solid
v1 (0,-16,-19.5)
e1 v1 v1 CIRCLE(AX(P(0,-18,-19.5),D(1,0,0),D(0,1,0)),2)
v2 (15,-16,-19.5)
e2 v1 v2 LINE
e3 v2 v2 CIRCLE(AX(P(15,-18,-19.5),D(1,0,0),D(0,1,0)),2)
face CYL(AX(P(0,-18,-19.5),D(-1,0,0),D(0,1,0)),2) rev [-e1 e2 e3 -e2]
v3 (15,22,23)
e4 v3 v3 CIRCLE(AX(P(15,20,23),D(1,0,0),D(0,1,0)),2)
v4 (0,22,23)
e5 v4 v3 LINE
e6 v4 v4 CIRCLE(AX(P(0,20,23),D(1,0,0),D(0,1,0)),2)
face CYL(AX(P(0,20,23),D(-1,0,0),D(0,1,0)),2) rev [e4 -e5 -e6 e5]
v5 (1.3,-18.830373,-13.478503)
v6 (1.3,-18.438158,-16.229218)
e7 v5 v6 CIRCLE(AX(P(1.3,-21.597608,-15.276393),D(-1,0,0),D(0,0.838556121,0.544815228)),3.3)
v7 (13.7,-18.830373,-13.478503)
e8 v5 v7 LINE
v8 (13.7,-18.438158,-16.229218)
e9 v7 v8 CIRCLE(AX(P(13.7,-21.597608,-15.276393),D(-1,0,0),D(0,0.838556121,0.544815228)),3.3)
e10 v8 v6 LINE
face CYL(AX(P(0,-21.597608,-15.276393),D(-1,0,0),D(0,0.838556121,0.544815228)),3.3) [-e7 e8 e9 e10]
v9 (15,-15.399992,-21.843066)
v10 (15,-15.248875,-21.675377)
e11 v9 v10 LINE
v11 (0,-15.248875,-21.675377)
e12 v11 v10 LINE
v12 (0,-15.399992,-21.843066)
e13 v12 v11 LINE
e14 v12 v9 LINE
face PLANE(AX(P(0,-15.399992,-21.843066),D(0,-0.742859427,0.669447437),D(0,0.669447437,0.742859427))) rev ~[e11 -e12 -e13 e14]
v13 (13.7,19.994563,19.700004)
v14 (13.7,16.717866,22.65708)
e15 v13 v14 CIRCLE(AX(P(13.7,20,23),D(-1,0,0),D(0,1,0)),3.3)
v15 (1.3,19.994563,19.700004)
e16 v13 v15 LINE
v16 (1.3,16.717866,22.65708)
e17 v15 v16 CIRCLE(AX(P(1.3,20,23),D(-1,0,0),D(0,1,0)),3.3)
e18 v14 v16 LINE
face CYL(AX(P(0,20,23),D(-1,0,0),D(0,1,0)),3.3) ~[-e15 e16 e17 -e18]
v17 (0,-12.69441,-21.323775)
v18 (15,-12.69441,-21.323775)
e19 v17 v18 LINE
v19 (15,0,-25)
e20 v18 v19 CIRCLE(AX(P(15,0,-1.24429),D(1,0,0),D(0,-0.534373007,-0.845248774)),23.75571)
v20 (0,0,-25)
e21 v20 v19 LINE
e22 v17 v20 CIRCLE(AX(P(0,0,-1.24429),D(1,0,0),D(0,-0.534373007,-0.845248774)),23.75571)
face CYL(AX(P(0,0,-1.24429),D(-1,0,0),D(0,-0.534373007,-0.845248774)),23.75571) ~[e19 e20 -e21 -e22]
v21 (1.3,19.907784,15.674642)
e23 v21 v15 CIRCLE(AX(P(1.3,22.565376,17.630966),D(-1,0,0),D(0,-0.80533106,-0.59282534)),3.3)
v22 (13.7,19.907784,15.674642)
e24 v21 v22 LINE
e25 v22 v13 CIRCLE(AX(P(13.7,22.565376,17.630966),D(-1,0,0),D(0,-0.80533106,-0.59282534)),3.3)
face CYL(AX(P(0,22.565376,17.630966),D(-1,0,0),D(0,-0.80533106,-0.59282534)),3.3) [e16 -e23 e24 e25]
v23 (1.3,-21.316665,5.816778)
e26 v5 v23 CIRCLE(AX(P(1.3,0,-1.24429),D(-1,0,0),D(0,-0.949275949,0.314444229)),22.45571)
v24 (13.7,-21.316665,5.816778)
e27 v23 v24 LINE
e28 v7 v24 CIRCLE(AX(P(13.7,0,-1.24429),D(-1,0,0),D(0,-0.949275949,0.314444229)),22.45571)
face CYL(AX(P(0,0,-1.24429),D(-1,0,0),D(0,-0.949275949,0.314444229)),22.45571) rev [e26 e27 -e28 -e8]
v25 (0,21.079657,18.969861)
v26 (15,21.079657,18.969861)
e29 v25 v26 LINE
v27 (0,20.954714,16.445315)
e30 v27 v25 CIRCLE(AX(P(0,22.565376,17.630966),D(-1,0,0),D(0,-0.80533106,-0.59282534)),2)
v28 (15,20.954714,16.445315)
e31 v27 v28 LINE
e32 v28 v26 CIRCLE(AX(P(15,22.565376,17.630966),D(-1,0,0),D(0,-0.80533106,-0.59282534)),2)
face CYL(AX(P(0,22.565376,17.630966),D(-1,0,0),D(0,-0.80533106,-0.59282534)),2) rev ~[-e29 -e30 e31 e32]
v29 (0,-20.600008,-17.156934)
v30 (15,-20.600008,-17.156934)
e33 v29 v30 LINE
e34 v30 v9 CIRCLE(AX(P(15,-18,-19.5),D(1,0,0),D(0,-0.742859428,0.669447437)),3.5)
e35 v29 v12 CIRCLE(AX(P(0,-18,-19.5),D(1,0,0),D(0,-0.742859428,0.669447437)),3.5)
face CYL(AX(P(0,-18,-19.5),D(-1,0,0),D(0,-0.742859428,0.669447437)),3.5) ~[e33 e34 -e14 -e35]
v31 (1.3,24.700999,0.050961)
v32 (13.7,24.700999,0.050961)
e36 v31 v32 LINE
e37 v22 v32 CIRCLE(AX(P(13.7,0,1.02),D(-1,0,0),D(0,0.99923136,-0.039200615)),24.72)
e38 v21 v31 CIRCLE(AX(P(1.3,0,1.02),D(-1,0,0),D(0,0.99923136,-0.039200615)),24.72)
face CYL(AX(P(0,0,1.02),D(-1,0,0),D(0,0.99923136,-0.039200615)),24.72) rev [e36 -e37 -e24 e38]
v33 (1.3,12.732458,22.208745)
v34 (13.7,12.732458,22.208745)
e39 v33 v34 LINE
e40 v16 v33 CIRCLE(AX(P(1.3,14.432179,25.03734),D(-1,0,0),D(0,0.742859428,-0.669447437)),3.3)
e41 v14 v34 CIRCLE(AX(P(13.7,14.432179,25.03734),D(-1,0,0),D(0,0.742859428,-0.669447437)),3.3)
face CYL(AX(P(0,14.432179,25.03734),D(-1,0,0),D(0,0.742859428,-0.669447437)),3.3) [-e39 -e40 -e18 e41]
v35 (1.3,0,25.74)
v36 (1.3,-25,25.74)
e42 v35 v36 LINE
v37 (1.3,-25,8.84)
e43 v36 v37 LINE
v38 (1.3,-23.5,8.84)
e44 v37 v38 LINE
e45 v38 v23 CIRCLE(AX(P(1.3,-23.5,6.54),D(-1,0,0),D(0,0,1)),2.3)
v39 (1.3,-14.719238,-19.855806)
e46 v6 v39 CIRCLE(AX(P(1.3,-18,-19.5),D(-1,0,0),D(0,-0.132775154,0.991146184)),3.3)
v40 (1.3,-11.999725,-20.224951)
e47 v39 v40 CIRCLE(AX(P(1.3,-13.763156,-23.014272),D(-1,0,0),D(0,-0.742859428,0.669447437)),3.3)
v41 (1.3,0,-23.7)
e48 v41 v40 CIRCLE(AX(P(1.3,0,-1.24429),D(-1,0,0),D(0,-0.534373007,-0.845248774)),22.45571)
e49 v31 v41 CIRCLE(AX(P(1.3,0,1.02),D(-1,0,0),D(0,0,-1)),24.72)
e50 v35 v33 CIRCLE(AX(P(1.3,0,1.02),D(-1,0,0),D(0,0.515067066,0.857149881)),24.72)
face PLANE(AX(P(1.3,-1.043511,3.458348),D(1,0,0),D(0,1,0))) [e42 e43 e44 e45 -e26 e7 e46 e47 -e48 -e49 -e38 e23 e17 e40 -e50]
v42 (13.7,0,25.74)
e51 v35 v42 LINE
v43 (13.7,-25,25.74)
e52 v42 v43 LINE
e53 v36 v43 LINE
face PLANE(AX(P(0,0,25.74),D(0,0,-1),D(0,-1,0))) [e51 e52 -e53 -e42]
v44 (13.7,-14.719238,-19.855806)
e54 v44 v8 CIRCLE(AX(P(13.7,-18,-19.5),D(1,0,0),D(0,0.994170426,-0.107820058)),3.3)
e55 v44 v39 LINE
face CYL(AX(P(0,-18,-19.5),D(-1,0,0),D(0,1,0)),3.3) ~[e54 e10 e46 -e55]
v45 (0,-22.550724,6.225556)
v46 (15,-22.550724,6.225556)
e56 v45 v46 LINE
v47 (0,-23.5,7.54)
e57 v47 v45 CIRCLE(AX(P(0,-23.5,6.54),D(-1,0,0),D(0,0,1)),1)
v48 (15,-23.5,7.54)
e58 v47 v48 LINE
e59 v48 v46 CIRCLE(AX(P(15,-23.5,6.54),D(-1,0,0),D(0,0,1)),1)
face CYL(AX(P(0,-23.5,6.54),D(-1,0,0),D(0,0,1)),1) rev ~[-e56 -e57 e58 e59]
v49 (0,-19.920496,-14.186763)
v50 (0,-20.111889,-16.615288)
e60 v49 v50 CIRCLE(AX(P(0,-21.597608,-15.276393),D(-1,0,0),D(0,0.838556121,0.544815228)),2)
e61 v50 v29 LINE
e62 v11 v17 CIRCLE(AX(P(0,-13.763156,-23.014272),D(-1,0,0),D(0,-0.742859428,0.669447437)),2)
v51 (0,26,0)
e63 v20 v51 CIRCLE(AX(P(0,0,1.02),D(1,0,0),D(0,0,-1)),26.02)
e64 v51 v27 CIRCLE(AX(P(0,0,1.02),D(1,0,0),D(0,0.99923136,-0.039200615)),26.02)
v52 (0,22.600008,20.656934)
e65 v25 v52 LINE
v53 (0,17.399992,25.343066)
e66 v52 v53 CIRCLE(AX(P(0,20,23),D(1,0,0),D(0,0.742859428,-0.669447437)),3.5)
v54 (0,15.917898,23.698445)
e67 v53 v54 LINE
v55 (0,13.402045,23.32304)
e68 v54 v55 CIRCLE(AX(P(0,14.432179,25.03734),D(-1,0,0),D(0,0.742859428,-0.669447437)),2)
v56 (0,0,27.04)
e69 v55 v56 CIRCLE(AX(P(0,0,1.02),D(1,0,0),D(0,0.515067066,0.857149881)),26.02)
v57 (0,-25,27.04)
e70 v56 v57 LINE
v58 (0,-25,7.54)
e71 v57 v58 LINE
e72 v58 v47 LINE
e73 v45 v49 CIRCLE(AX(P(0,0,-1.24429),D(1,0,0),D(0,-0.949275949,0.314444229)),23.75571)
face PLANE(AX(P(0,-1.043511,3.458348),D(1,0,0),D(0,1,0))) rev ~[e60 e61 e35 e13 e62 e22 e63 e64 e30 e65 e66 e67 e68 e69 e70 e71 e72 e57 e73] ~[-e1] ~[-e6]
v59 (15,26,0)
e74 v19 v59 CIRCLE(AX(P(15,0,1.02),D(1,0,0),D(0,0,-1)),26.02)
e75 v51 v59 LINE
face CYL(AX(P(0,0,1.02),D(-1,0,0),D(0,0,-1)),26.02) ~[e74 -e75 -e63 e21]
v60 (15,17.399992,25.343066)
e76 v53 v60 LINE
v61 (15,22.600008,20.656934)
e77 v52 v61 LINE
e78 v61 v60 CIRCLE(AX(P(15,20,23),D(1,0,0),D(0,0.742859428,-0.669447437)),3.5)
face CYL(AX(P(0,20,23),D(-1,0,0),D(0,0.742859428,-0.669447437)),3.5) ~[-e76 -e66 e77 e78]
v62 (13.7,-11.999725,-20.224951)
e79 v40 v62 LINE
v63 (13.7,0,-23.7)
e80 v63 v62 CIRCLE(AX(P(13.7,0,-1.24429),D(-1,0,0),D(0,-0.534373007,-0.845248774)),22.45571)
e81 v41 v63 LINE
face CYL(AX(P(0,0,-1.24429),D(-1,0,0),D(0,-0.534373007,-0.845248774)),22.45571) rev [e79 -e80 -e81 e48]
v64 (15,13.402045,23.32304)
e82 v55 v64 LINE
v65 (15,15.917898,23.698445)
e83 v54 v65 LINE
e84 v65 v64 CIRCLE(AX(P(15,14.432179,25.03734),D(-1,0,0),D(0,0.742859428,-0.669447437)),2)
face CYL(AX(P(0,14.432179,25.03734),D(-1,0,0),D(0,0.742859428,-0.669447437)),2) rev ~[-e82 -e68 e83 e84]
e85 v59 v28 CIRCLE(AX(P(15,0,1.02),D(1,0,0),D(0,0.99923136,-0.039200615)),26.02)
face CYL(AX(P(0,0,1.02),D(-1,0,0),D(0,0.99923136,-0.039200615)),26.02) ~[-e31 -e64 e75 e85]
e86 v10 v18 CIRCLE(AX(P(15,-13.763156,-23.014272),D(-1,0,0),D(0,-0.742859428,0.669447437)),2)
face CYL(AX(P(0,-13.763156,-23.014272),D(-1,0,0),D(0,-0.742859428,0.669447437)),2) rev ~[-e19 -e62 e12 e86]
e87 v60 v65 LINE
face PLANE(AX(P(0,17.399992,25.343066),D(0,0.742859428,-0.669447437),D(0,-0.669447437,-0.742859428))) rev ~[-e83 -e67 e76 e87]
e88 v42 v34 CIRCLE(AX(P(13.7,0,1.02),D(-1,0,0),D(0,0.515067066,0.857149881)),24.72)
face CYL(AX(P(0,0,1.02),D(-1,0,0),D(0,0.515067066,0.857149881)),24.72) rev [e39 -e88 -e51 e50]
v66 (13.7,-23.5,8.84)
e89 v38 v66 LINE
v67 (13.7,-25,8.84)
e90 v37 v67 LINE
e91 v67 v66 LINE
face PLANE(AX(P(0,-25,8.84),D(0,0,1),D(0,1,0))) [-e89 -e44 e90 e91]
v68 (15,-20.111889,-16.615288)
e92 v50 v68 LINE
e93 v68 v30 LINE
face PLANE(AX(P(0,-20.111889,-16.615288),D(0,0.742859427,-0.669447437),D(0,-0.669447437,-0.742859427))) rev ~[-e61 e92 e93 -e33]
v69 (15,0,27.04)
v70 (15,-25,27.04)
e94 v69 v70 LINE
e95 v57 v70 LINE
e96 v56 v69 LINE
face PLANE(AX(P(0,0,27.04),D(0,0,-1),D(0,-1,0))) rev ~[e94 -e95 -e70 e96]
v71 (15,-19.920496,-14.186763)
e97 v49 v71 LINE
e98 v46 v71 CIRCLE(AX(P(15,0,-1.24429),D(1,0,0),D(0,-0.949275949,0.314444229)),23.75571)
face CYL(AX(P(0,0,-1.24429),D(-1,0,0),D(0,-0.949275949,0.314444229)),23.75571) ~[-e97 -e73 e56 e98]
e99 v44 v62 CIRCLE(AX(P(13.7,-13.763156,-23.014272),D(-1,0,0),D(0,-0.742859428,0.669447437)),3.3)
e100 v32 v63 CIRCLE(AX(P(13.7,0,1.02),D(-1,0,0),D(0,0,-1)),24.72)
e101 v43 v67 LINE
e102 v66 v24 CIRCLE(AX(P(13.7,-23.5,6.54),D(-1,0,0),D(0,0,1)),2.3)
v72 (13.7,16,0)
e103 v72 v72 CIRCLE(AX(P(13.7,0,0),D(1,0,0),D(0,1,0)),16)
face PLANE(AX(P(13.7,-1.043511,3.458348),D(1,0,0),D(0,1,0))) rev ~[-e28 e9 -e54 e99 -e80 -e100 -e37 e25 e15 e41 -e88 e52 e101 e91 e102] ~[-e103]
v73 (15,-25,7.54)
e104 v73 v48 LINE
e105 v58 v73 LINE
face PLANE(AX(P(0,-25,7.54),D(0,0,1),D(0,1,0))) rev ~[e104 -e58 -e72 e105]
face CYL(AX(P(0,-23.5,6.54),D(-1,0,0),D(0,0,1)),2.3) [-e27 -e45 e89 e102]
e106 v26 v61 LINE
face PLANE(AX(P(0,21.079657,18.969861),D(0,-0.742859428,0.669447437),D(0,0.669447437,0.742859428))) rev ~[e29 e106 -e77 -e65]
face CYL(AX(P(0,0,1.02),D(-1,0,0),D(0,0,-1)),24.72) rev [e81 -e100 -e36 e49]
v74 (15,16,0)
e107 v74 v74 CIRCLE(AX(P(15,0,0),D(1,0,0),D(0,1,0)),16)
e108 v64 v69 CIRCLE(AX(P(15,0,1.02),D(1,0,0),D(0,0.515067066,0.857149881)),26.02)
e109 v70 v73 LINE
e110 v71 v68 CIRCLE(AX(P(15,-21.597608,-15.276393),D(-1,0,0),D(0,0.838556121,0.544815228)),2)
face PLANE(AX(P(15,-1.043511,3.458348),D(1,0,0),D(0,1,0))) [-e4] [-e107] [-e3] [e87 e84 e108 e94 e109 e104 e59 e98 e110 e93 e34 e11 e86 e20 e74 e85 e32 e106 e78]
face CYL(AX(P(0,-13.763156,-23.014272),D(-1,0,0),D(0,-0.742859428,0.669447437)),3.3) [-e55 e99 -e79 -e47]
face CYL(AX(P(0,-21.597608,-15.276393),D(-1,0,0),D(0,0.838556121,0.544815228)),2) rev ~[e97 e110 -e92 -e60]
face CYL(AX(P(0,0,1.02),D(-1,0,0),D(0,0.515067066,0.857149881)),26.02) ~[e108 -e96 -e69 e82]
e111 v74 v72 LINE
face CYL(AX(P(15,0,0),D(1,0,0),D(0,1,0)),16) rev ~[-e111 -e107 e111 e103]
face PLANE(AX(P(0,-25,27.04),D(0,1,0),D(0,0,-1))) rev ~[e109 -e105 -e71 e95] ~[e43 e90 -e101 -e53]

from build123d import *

# Parameters (mm, degrees)
F0_R     = 2
F0_R_2   = 16
F0_R_3   = 12
F1_DEPTH = 15
F2_T     = -1.3
F3_R     = 16
F4_DEPTH = 13.7


with BuildPart() as f1:
    # F0 (on Right) → F1 (new body)
    with BuildSketch(Plane.YZ):
        with BuildLine():
            Line((0, 27.04), (-25, 27.04))
            Line((-25, 27.04), (-25, 7.54))
            Line((-25, 7.54), (-23.5, 7.54))
            ThreePointArc((-23.5, 7.54), (-22.6893076327, 7.1254723611), (-22.5507240512, 6.2255557713))
            ThreePointArc((-22.5507240512, 6.2255557713), (-23.560917154, -4.2802307332), (-19.9204959385, -14.1867625963))
            ThreePointArc((-19.9204959385, -14.1867625963), (-19.6037904967, -15.4335268949), (-20.1118893252, -16.6152879255))
            Line((-20.1118893252, -16.6152879255), (-20.6000079963, -17.1569339704))
            ThreePointArc((-20.6000079963, -17.1569339704), (-20.3430660296, -22.1000079963), (-15.3999920037, -21.8430660296))
            Line((-15.3999920037, -21.8430660296), (-15.2488749918, -21.6753774394))
            ThreePointArc((-15.2488749918, -21.6753774394), (-14.0358697185, -21.0329527273), (-12.6944101233, -21.3237747657))
            ThreePointArc((-12.6944101233, -21.3237747657), (-6.6080004607, -24.0624425834), (0, -25))
            ThreePointArc((0, -25), (18.0346887969, -17.7360763487), (26, 0))
            ThreePointArc((26, 0), (24.8756586881, 8.6516449625), (20.9547141799, 16.4453153497))
            ThreePointArc((20.9547141799, 16.4453153497), (20.5678212068, 17.7298278052), (21.0796574448, 18.969860904))
            Line((21.0796574448, 18.969860904), (22.6000079963, 20.6569339704))
            ThreePointArc((22.6000079963, 20.6569339704), (22.3430660296, 25.6000079963), (17.3999920037, 25.3430660296))
            Line((17.3999920037, 25.3430660296), (15.9178980328, 23.6984447825))
            ThreePointArc((15.9178980328, 23.6984447825), (14.7273428061, 23.0592399542), (13.4020450466, 23.3230398953))
            ThreePointArc((13.4020450466, 23.3230398953), (6.9539665632, 26.0935467981), (0, 27.04))
        make_face()
        with Locations((-18, -19.5)):
            Circle(F0_R, mode=Mode.SUBTRACT)
        Circle(F0_R_2, mode=Mode.SUBTRACT)
        with Locations((20, 23)):
            Circle(F0_R, mode=Mode.SUBTRACT)
        Circle(F0_R_2)
        Circle(F0_R_3, mode=Mode.SUBTRACT)
        Circle(F0_R_3)
    extrude(amount=F1_DEPTH)

    # F2
    f2_openings = [f1.faces().sort_by_distance(p)[0] for p in [
        (7.5, -25, 17.29),
    ]]
    offset(amount=F2_T, openings=f2_openings)

    # F3 (on face) → F4 (cut, through all)
    with BuildSketch(Plane.YZ.offset(15)):
        Circle(F3_R)
    extrude(amount=-F4_DEPTH, mode=Mode.SUBTRACT)


solid = f1.part
